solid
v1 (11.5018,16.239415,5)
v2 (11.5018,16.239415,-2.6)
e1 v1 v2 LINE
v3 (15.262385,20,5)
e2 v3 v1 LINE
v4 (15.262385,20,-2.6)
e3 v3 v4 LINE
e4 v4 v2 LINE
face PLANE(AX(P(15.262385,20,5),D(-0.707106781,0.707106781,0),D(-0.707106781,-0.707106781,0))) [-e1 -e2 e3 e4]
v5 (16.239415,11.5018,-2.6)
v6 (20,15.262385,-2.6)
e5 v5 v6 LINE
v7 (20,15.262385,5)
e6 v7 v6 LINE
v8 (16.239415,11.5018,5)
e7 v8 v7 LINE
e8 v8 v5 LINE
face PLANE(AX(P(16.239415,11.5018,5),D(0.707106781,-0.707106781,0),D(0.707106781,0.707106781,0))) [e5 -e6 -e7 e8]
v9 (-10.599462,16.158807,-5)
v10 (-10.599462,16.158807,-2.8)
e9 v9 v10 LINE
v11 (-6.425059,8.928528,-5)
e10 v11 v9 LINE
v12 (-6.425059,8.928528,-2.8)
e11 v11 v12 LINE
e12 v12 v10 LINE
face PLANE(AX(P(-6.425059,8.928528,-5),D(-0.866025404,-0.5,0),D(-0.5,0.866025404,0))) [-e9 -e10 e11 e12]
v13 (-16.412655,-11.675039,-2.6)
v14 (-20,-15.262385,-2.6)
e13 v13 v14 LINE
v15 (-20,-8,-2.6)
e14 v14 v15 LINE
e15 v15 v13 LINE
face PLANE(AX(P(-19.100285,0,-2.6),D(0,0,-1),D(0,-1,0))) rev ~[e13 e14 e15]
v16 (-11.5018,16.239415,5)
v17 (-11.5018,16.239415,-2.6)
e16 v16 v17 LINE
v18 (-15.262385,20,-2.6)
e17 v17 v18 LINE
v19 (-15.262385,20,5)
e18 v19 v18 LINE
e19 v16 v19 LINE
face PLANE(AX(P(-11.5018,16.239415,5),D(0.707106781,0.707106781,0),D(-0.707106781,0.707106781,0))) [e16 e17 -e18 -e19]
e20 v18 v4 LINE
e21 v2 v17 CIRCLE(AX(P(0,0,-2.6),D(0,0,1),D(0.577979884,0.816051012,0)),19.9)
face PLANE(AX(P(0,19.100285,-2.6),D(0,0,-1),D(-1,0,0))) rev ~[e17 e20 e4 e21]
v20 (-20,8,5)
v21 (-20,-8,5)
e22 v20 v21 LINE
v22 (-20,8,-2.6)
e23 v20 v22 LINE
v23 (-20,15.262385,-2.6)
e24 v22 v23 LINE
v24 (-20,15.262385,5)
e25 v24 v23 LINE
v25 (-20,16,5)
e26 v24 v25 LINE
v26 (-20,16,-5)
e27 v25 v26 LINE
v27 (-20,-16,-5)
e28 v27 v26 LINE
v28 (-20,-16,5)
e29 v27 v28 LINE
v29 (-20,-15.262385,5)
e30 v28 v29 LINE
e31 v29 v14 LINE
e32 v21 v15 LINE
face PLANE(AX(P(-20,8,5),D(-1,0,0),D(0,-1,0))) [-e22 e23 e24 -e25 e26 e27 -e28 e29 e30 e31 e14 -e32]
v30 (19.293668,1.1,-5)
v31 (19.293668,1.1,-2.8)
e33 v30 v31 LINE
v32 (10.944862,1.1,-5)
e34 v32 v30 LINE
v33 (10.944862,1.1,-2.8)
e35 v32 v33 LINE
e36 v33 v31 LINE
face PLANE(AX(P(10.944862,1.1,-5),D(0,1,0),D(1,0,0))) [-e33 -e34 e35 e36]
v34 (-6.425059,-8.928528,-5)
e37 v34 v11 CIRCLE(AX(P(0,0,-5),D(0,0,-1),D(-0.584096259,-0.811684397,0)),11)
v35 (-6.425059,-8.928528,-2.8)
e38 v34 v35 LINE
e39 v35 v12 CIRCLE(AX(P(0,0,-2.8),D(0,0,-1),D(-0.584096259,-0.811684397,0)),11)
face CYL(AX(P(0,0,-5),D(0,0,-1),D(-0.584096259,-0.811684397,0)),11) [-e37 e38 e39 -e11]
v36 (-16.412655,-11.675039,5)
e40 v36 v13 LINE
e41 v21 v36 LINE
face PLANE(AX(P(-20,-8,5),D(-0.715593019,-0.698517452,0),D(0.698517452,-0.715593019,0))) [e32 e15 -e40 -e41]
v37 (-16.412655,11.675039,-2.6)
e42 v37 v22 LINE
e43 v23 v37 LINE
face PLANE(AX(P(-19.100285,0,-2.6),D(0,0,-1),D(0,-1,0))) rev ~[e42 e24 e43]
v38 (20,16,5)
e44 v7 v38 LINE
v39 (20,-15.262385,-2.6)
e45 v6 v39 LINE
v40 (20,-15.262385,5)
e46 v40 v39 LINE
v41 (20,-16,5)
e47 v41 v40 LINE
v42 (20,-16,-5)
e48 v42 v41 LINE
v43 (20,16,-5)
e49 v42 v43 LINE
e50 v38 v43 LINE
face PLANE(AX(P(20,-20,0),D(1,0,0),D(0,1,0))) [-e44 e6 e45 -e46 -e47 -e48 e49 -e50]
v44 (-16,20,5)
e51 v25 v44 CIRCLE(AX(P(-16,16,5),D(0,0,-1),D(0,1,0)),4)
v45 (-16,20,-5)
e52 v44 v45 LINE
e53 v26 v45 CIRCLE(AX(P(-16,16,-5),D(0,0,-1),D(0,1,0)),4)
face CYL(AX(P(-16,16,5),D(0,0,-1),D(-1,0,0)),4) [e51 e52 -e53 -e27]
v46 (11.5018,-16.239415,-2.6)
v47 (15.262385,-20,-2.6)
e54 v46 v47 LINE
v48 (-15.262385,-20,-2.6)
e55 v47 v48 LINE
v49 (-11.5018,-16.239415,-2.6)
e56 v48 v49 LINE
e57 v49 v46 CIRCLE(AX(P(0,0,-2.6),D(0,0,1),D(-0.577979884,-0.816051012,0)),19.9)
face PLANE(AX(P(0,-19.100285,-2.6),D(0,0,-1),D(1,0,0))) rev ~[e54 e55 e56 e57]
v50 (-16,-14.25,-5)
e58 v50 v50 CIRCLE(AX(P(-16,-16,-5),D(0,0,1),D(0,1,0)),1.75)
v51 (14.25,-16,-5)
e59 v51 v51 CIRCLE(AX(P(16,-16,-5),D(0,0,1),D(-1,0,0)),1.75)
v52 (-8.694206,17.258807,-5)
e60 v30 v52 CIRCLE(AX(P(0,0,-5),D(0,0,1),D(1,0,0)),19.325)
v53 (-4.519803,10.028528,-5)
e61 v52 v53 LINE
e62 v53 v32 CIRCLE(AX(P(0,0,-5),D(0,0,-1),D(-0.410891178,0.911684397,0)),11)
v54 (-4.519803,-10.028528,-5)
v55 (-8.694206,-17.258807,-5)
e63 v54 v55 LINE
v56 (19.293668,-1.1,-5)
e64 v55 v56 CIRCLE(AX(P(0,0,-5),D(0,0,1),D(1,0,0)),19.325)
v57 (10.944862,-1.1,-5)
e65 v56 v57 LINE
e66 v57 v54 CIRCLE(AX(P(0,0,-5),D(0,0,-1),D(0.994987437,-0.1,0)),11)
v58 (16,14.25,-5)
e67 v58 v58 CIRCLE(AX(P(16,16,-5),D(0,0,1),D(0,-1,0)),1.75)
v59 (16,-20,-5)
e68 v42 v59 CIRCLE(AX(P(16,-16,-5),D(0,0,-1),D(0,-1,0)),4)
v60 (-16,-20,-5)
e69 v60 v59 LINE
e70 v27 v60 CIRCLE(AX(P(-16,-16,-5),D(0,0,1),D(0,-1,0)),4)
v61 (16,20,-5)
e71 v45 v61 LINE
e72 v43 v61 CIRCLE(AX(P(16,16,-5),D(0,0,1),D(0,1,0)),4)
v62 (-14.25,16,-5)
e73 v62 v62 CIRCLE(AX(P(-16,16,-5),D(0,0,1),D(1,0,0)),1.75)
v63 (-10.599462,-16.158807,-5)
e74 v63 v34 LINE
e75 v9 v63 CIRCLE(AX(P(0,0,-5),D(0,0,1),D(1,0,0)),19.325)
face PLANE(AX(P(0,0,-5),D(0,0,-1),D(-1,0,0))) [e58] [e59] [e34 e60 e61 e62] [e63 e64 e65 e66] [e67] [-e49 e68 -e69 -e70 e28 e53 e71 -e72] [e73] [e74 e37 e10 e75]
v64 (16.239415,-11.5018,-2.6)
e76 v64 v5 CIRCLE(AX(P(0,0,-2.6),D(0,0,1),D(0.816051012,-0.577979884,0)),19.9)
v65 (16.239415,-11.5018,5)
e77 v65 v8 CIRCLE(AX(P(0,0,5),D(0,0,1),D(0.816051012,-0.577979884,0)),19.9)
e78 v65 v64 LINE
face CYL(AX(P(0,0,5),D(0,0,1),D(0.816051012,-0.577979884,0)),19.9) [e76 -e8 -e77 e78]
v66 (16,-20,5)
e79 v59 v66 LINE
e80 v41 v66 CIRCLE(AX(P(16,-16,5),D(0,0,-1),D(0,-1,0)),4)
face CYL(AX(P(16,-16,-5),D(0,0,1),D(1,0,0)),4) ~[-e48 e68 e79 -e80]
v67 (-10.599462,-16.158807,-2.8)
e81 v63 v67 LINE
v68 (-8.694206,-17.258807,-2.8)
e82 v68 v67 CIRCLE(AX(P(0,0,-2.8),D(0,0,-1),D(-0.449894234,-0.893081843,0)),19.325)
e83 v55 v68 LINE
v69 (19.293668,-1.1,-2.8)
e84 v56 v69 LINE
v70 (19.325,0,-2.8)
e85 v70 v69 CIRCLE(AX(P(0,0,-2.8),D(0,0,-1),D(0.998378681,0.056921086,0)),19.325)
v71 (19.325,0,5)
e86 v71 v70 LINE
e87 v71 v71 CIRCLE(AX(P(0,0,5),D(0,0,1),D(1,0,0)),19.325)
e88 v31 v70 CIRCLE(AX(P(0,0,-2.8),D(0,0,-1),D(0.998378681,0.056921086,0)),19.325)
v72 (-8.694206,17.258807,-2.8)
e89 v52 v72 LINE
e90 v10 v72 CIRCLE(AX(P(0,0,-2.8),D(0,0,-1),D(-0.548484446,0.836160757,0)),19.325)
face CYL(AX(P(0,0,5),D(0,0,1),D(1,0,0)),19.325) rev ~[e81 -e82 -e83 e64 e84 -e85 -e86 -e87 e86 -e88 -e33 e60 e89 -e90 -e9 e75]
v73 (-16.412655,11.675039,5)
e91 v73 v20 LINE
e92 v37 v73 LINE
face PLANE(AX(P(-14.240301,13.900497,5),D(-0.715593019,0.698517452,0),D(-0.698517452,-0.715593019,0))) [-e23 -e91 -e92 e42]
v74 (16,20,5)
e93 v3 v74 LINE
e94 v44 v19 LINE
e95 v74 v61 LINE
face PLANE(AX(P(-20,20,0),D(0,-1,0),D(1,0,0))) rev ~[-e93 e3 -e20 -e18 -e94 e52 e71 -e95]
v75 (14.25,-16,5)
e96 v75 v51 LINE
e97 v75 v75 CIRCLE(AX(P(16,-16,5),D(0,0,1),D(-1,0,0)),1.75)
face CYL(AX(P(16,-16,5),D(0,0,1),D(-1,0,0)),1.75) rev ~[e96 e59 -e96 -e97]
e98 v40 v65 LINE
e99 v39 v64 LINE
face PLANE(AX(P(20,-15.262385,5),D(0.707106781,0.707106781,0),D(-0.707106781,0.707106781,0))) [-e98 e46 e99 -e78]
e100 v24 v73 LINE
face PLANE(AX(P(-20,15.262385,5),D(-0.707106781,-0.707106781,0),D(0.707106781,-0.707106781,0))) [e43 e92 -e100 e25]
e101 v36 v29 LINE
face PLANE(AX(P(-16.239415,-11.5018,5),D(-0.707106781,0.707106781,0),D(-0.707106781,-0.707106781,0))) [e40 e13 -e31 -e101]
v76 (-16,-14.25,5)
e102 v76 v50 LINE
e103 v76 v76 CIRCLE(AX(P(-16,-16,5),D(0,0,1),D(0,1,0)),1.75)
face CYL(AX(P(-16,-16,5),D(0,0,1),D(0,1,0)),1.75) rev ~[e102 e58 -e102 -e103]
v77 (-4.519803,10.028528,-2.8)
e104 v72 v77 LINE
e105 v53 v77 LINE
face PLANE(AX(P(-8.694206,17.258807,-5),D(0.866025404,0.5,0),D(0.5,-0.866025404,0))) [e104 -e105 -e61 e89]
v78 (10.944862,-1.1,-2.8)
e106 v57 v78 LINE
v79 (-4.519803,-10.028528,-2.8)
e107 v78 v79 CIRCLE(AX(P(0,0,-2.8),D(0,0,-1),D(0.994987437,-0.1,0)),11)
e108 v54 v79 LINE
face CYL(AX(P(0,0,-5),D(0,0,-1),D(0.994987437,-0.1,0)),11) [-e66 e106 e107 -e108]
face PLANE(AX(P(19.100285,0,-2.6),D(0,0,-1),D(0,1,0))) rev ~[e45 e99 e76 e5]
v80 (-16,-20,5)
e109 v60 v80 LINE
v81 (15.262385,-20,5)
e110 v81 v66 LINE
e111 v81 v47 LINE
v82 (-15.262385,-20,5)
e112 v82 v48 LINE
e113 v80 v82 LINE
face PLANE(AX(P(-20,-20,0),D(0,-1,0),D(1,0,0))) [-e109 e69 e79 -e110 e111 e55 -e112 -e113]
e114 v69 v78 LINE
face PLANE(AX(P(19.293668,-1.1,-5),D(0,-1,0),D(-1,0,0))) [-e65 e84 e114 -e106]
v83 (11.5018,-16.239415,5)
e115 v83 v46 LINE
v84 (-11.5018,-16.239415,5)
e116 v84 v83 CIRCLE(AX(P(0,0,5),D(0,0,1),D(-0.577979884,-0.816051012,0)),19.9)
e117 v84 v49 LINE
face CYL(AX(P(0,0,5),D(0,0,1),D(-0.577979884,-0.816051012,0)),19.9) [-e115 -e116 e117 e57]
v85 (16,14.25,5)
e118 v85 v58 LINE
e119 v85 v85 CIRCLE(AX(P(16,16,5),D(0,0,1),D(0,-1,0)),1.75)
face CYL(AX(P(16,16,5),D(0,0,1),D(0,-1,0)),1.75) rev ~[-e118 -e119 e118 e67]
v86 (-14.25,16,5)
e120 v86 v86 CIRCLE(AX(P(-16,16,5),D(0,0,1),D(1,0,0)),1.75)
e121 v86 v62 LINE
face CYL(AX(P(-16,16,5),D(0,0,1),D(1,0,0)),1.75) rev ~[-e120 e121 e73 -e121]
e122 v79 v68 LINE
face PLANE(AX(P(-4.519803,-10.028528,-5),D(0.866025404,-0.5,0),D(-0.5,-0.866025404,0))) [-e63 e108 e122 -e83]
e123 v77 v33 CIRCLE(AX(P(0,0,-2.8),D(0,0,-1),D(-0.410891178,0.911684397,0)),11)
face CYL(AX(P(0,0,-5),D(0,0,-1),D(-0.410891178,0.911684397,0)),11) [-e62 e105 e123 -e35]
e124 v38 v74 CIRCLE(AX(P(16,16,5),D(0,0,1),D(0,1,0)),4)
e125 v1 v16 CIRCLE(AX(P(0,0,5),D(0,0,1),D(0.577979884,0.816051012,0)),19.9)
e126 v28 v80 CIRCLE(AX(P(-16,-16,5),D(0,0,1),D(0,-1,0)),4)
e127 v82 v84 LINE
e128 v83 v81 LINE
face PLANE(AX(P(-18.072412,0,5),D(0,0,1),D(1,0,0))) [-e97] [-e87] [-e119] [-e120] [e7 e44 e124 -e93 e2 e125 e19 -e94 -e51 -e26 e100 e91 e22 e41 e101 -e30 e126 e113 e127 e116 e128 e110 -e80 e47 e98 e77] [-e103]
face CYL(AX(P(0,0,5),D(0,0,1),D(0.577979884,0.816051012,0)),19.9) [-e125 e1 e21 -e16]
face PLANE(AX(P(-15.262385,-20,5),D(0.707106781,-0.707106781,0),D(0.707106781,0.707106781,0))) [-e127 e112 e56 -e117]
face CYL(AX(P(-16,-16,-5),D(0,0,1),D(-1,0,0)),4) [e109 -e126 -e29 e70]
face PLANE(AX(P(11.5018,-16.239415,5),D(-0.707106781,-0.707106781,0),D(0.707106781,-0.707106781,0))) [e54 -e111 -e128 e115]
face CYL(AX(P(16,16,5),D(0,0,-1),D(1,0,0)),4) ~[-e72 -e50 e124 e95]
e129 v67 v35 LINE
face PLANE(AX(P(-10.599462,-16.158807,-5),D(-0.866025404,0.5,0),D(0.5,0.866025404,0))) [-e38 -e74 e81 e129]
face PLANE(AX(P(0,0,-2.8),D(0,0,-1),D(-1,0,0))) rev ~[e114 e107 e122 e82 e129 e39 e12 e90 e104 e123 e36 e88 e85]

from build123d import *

# Parameters (mm, degrees)
SKETCH21_W          = 40
SKETCH21_H          = 40
BOSS_EXTRUDE4_DEPTH = 5
FILLET3_R           = 4
SKETCH22_R          = 19.325
CUT_EXTRUDE11_DEPTH = 11
CUT_EXTRUDE12_DEPTH = 7.6
SKETCH30_R          = 1.75
CUT_EXTRUDE13_DEPTH = 10
CIRPATTERN2_COUNT   = 4
BOSS_EXTRUDE3_DEPTH = 2.2
BOSS_EXTRUDE5_REACH = 12


with BuildPart() as part:
    # Sketch21 → Boss-Extrude4 (new body, symmetric)
    with BuildSketch(Plane.XY):
        Rectangle(SKETCH21_W, SKETCH21_H)
    extrude(amount=BOSS_EXTRUDE4_DEPTH, both=True)

    # Fillet3
    fillet3_edges = [part.edges().sort_by_distance(p)[0] for p in [
        (20, -20, 0),
        (-20, -20, 0),
        (-20, 20, 0),
        (20, 20, 0),
    ]]
    fillet(fillet3_edges, radius=FILLET3_R)

    # Sketch22 → Cut-Extrude11 (cut, through all)
    with BuildSketch(Plane.XY.offset(5)):
        Circle(SKETCH22_R)
    extrude(amount=-CUT_EXTRUDE11_DEPTH, mode=Mode.SUBTRACT)

    # Sketch23 → Cut-Extrude12 (cut)
    with BuildSketch(Plane.XY.offset(5)):
        with BuildLine():
            Line((15.262384566, 20), (11.501799696, 16.23941513))
            ThreePointArc((11.501799696, 16.23941513), (0, 19.9), (-11.501799696, 16.23941513))
            Line((-11.501799696, 16.23941513), (-15.262384566, 20))
            Line((-15.262384566, 20), (15.262384566, 20))
        make_face()
    cut_extrude12 = extrude(amount=-CUT_EXTRUDE12_DEPTH, mode=Mode.SUBTRACT)

    # Sketch30 → Cut-Extrude13 (cut)
    with BuildSketch(Plane.XY.offset(5)):
        with Locations((-16, 16)):
            Circle(SKETCH30_R)
    cut_extrude13 = extrude(amount=-CUT_EXTRUDE13_DEPTH, mode=Mode.SUBTRACT)

    # CirPattern2: Cut-Extrude12, Cut-Extrude13 ×4 about axis
    cirpattern2_axis = Axis((0, 0, 0), (0, 0, 1))
    for i in range(1, CIRPATTERN2_COUNT):
        add(cut_extrude12.rotate(cirpattern2_axis, i * 360 / CIRPATTERN2_COUNT), mode=Mode.SUBTRACT)
        add(cut_extrude13.rotate(cirpattern2_axis, i * 360 / CIRPATTERN2_COUNT), mode=Mode.SUBTRACT)

    # Sketch20 → Boss-Extrude3 (add)
    with BuildSketch(Plane(origin=(0, 0, -5), x_dir=(-1, 0, 0), z_dir=(0, 0, -1))):
        with BuildLine():
            Line((6.425058848, 8.928528367), (10.599461946, 16.158806623))
            ThreePointArc((10.599461946, 16.158806623), (9.6625, 16.735940928), (8.694206057, 17.258806623))
            Line((8.694206057, 17.258806623), (4.51980296, 10.028528367))
            ThreePointArc((4.51980296, 10.028528367), (-5.5, 9.526279442), (-10.944861808, 1.1))
            Line((-10.944861808, 1.1), (-19.293668003, 1.1))
            ThreePointArc((-19.293668003, 1.1), (-19.325, 0), (-19.293668003, -1.1))
            Line((-19.293668003, -1.1), (-10.944861808, -1.1))
            ThreePointArc((-10.944861808, -1.1), (-5.5, -9.526279442), (4.51980296, -10.028528367))
            Line((4.51980296, -10.028528367), (8.694206057, -17.258806623))
            ThreePointArc((8.694206057, -17.258806623), (9.6625, -16.735940928), (10.599461946, -16.158806623))
            Line((10.599461946, -16.158806623), (6.425058848, -8.928528367))
            ThreePointArc((6.425058848, -8.928528367), (11, 0), (6.425058848, 8.928528367))
        make_face()
    extrude(amount=-BOSS_EXTRUDE3_DEPTH)

    # Sketch31 → Boss-Extrude5 (add, up to next)
    with BuildSketch(Plane.XY.offset(5), mode=Mode.PRIVATE) as boss_extrude5_sk1:
        with BuildLine():
            Line((-14.240301081, 13.900497298), (-20, 8))
            Line((-20, 8), (-20, -8))
            Line((-20, -8), (-14.240301081, -13.900497298))
            ThreePointArc((-14.240301081, -13.900497298), (-19.9, 0), (-14.240301081, 13.900497298))
        make_face()
    boss_extrude5_tool1 = extrude(boss_extrude5_sk1.sketch, amount=-BOSS_EXTRUDE5_REACH, mode=Mode.PRIVATE) - part.part
    add(boss_extrude5_tool1.solids().sort_by_distance((-19.928391, 0, 5))[0])


solid = part.part
